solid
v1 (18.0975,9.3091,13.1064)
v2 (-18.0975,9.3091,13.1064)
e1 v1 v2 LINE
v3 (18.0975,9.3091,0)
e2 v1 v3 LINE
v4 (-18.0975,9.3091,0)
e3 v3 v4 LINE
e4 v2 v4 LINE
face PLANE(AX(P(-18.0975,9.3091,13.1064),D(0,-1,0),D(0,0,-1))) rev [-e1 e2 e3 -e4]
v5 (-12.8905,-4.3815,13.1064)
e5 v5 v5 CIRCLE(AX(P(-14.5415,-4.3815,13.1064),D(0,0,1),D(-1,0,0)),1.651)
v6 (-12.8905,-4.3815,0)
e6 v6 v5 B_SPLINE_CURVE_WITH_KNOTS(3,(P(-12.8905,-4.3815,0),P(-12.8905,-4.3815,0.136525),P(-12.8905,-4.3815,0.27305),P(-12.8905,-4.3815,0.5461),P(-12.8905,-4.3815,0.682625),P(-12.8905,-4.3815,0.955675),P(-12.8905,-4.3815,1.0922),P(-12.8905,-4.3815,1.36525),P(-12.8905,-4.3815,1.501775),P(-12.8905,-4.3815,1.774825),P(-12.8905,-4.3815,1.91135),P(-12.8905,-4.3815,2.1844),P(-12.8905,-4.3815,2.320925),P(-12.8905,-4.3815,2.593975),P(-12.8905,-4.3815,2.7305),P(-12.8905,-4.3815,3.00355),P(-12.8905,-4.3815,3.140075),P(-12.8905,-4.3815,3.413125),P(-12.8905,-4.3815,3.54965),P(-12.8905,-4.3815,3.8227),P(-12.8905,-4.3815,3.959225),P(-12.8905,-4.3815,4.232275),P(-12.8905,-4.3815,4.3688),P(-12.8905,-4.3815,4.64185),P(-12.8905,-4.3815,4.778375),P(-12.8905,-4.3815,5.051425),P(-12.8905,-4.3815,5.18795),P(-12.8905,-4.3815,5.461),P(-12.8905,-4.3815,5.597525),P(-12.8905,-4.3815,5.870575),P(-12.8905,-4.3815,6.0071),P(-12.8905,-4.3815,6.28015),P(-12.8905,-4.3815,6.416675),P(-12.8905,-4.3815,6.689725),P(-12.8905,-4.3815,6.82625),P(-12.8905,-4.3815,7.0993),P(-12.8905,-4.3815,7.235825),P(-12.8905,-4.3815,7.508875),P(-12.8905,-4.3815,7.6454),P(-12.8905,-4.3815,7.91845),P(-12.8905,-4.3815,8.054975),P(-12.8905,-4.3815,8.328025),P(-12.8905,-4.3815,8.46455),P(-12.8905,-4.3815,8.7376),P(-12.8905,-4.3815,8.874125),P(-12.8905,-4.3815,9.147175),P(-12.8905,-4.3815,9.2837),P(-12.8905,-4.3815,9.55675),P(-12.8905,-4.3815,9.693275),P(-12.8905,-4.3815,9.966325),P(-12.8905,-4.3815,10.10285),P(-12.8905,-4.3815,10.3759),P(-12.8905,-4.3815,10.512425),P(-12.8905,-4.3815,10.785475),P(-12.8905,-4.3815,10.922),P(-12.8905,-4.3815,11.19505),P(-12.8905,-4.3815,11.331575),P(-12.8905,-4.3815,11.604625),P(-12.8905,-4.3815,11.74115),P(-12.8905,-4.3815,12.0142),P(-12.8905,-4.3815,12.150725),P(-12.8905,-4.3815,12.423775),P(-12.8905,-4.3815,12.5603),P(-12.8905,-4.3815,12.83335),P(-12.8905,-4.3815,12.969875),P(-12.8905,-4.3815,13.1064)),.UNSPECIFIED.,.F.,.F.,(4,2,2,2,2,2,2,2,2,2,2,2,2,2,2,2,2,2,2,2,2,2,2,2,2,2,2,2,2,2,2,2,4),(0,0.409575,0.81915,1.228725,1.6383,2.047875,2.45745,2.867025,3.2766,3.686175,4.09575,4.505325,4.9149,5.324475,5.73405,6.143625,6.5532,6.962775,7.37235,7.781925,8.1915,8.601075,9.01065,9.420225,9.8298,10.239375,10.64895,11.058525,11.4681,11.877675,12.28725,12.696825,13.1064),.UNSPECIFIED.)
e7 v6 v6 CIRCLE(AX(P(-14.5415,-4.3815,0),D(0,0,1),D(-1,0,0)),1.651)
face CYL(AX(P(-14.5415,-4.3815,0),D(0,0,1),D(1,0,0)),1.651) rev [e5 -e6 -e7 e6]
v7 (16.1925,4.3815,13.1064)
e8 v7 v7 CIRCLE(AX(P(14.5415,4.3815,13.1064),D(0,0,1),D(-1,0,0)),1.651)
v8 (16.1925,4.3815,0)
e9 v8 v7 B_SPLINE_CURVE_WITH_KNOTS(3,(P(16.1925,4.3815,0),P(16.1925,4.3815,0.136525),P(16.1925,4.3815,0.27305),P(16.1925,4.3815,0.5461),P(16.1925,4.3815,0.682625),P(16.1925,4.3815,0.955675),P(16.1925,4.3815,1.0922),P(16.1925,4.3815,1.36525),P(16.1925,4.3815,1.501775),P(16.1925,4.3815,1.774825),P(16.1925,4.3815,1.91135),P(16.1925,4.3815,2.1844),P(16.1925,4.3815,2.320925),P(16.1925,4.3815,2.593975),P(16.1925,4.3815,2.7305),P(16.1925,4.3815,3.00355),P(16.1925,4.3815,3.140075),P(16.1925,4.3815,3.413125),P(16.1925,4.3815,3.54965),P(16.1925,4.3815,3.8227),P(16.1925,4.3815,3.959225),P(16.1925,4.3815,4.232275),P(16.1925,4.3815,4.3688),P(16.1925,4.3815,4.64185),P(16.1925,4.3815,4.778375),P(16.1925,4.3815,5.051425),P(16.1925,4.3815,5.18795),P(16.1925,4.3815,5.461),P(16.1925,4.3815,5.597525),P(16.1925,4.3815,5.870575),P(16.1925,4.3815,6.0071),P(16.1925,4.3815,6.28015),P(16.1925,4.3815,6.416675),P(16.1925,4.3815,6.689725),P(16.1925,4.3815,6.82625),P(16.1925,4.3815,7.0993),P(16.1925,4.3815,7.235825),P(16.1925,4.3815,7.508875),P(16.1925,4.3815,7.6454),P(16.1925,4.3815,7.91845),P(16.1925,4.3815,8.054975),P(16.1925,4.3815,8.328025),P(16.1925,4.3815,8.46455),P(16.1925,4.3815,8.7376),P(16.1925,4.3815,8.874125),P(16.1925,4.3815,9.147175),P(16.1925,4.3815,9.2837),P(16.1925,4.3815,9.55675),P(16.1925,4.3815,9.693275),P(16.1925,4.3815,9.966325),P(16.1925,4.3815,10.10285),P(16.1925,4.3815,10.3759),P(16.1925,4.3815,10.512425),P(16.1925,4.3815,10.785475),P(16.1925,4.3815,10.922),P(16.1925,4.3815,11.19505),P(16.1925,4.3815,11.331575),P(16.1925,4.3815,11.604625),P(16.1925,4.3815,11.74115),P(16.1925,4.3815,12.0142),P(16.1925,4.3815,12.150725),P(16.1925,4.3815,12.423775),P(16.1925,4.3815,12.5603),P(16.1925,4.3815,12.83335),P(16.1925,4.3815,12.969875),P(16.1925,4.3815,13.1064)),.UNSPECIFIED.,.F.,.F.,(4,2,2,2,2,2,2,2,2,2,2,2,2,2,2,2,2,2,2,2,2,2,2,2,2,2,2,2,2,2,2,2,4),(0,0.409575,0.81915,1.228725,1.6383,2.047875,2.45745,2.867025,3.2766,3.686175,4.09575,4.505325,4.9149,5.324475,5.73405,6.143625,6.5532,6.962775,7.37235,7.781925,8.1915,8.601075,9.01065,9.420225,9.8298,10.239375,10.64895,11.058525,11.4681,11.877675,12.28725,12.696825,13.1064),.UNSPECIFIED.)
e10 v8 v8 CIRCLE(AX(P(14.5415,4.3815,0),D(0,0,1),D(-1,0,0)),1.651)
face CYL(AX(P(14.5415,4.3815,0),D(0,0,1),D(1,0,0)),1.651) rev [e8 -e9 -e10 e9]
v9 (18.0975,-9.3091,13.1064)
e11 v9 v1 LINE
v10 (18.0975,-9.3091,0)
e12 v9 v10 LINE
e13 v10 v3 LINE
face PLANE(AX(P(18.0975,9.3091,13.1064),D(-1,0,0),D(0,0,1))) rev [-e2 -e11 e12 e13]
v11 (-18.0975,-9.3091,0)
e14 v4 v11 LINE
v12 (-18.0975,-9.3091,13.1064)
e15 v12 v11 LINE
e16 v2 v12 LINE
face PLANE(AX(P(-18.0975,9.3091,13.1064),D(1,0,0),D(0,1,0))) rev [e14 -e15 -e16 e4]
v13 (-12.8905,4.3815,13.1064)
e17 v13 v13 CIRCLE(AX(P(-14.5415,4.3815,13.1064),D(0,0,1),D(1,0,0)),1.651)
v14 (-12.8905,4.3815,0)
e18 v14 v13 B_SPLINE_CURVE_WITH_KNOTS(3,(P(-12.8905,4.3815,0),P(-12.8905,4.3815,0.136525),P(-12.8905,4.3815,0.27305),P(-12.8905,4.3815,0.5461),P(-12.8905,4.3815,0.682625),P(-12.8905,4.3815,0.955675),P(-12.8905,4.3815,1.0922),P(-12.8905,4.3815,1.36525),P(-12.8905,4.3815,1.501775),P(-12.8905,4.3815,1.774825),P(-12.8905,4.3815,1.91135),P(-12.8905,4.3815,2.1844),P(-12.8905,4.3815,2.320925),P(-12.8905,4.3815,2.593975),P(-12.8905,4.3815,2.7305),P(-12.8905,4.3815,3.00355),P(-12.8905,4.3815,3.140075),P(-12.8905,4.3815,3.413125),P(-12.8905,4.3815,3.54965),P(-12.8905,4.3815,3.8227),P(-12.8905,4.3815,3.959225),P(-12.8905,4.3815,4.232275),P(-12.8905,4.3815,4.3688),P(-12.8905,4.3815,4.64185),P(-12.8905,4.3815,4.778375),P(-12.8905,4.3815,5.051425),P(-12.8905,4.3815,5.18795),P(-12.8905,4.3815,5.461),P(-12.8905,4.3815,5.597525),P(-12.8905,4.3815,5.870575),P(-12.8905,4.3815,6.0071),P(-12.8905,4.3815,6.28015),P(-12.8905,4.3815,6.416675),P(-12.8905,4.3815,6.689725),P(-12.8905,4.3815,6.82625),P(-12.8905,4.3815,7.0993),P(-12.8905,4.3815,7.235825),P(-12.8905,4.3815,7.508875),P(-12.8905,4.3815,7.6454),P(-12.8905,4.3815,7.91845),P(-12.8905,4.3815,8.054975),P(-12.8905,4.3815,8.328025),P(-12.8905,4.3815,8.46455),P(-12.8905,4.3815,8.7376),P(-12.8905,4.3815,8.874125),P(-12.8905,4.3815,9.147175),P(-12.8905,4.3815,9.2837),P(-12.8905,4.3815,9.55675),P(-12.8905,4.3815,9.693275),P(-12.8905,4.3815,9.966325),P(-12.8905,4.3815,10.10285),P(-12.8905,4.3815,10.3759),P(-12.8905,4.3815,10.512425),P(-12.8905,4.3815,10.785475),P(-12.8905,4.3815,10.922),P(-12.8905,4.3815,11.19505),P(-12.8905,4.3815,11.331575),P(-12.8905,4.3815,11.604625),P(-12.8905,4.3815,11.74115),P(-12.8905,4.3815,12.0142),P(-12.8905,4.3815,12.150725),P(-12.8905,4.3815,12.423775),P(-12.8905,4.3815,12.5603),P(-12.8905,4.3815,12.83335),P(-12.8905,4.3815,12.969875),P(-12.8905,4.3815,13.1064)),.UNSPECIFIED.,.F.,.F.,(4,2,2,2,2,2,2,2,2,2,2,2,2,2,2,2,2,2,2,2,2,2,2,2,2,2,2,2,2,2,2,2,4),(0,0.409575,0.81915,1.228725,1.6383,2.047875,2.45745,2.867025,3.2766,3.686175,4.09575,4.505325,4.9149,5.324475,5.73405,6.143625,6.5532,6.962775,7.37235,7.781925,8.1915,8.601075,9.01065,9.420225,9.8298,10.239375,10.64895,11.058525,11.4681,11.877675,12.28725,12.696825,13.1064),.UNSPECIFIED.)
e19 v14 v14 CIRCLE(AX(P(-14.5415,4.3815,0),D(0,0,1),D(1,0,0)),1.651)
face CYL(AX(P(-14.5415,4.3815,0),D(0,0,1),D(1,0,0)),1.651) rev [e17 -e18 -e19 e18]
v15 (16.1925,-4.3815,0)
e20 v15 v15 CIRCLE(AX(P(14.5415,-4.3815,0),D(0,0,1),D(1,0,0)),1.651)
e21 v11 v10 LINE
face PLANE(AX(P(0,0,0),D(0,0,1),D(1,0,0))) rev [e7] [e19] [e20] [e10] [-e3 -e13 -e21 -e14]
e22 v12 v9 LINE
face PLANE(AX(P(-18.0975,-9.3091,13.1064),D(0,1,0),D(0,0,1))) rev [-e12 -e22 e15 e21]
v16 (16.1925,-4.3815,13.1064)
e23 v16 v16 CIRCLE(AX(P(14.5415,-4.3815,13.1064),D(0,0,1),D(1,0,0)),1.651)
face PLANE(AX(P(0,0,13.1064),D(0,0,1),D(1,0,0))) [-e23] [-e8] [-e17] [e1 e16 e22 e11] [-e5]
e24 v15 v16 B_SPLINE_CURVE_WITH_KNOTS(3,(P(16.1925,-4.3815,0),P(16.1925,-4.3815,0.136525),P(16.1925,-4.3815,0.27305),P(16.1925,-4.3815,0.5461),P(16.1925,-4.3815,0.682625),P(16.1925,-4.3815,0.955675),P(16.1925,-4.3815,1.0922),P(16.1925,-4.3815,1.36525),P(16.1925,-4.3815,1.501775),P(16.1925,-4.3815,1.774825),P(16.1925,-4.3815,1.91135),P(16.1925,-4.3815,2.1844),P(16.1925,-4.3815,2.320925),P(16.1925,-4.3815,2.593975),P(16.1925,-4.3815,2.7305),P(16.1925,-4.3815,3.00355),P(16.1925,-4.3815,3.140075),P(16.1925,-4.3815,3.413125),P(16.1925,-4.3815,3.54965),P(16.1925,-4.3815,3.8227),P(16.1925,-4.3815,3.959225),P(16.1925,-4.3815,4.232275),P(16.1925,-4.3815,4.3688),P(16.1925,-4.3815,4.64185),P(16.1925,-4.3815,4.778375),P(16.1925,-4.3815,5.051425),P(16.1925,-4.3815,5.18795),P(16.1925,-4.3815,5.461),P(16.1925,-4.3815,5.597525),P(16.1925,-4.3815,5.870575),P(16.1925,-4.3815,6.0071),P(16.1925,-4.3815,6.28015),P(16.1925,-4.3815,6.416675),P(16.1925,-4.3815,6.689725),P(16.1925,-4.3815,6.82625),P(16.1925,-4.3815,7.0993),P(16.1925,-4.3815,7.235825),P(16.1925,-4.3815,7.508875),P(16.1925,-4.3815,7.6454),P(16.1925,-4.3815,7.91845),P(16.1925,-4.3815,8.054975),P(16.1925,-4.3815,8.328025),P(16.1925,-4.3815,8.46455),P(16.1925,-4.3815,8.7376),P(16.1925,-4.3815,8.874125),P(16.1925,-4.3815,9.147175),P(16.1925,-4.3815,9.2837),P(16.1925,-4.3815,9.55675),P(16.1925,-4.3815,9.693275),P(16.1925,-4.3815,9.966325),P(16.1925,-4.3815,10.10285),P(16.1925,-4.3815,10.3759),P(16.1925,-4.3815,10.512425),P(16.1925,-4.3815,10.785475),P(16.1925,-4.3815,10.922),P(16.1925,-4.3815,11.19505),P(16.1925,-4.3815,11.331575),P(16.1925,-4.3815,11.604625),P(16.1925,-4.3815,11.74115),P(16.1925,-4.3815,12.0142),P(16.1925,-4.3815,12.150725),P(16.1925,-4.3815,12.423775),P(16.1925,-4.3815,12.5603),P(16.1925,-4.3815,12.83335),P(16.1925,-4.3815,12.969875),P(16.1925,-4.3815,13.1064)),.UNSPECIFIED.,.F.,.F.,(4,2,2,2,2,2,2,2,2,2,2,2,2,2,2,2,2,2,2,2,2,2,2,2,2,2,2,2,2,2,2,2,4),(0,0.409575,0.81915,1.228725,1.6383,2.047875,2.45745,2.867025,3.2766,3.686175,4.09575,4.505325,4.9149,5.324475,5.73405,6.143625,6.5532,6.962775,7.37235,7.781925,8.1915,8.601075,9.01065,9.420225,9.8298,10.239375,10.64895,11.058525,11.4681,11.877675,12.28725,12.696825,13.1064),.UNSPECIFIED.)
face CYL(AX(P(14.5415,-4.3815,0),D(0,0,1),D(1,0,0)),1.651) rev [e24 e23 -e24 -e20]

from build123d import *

# Parameters (mm, degrees)
SKETCH1_W           = 36.195
SKETCH1_H           = 18.6182
BOSS_EXTRUDE1_DEPTH = 13.1064
SKETCH4_R           = 1.651
CUT_EXTRUDE1_DEPTH  = 25.206539819


with BuildPart() as part:
    # Sketch1 → Boss-Extrude1 (new body)
    with BuildSketch(Plane.XY):
        Rectangle(SKETCH1_W, SKETCH1_H)
    extrude(amount=BOSS_EXTRUDE1_DEPTH)

    # Sketch4 → Cut-Extrude1 (cut, through all)
    with BuildSketch(Plane.XY.offset(13.1064)):
        with Locations((-14.5415, 4.3815)):
            Circle(SKETCH4_R)
        with Locations((14.5415, 4.3815)):
            Circle(SKETCH4_R)
        with Locations((14.5415, -4.3815)):
            Circle(SKETCH4_R)
        with Locations((-14.5415, -4.3815)):
            Circle(SKETCH4_R)
    extrude(amount=-CUT_EXTRUDE1_DEPTH, mode=Mode.SUBTRACT)


solid = part.part
